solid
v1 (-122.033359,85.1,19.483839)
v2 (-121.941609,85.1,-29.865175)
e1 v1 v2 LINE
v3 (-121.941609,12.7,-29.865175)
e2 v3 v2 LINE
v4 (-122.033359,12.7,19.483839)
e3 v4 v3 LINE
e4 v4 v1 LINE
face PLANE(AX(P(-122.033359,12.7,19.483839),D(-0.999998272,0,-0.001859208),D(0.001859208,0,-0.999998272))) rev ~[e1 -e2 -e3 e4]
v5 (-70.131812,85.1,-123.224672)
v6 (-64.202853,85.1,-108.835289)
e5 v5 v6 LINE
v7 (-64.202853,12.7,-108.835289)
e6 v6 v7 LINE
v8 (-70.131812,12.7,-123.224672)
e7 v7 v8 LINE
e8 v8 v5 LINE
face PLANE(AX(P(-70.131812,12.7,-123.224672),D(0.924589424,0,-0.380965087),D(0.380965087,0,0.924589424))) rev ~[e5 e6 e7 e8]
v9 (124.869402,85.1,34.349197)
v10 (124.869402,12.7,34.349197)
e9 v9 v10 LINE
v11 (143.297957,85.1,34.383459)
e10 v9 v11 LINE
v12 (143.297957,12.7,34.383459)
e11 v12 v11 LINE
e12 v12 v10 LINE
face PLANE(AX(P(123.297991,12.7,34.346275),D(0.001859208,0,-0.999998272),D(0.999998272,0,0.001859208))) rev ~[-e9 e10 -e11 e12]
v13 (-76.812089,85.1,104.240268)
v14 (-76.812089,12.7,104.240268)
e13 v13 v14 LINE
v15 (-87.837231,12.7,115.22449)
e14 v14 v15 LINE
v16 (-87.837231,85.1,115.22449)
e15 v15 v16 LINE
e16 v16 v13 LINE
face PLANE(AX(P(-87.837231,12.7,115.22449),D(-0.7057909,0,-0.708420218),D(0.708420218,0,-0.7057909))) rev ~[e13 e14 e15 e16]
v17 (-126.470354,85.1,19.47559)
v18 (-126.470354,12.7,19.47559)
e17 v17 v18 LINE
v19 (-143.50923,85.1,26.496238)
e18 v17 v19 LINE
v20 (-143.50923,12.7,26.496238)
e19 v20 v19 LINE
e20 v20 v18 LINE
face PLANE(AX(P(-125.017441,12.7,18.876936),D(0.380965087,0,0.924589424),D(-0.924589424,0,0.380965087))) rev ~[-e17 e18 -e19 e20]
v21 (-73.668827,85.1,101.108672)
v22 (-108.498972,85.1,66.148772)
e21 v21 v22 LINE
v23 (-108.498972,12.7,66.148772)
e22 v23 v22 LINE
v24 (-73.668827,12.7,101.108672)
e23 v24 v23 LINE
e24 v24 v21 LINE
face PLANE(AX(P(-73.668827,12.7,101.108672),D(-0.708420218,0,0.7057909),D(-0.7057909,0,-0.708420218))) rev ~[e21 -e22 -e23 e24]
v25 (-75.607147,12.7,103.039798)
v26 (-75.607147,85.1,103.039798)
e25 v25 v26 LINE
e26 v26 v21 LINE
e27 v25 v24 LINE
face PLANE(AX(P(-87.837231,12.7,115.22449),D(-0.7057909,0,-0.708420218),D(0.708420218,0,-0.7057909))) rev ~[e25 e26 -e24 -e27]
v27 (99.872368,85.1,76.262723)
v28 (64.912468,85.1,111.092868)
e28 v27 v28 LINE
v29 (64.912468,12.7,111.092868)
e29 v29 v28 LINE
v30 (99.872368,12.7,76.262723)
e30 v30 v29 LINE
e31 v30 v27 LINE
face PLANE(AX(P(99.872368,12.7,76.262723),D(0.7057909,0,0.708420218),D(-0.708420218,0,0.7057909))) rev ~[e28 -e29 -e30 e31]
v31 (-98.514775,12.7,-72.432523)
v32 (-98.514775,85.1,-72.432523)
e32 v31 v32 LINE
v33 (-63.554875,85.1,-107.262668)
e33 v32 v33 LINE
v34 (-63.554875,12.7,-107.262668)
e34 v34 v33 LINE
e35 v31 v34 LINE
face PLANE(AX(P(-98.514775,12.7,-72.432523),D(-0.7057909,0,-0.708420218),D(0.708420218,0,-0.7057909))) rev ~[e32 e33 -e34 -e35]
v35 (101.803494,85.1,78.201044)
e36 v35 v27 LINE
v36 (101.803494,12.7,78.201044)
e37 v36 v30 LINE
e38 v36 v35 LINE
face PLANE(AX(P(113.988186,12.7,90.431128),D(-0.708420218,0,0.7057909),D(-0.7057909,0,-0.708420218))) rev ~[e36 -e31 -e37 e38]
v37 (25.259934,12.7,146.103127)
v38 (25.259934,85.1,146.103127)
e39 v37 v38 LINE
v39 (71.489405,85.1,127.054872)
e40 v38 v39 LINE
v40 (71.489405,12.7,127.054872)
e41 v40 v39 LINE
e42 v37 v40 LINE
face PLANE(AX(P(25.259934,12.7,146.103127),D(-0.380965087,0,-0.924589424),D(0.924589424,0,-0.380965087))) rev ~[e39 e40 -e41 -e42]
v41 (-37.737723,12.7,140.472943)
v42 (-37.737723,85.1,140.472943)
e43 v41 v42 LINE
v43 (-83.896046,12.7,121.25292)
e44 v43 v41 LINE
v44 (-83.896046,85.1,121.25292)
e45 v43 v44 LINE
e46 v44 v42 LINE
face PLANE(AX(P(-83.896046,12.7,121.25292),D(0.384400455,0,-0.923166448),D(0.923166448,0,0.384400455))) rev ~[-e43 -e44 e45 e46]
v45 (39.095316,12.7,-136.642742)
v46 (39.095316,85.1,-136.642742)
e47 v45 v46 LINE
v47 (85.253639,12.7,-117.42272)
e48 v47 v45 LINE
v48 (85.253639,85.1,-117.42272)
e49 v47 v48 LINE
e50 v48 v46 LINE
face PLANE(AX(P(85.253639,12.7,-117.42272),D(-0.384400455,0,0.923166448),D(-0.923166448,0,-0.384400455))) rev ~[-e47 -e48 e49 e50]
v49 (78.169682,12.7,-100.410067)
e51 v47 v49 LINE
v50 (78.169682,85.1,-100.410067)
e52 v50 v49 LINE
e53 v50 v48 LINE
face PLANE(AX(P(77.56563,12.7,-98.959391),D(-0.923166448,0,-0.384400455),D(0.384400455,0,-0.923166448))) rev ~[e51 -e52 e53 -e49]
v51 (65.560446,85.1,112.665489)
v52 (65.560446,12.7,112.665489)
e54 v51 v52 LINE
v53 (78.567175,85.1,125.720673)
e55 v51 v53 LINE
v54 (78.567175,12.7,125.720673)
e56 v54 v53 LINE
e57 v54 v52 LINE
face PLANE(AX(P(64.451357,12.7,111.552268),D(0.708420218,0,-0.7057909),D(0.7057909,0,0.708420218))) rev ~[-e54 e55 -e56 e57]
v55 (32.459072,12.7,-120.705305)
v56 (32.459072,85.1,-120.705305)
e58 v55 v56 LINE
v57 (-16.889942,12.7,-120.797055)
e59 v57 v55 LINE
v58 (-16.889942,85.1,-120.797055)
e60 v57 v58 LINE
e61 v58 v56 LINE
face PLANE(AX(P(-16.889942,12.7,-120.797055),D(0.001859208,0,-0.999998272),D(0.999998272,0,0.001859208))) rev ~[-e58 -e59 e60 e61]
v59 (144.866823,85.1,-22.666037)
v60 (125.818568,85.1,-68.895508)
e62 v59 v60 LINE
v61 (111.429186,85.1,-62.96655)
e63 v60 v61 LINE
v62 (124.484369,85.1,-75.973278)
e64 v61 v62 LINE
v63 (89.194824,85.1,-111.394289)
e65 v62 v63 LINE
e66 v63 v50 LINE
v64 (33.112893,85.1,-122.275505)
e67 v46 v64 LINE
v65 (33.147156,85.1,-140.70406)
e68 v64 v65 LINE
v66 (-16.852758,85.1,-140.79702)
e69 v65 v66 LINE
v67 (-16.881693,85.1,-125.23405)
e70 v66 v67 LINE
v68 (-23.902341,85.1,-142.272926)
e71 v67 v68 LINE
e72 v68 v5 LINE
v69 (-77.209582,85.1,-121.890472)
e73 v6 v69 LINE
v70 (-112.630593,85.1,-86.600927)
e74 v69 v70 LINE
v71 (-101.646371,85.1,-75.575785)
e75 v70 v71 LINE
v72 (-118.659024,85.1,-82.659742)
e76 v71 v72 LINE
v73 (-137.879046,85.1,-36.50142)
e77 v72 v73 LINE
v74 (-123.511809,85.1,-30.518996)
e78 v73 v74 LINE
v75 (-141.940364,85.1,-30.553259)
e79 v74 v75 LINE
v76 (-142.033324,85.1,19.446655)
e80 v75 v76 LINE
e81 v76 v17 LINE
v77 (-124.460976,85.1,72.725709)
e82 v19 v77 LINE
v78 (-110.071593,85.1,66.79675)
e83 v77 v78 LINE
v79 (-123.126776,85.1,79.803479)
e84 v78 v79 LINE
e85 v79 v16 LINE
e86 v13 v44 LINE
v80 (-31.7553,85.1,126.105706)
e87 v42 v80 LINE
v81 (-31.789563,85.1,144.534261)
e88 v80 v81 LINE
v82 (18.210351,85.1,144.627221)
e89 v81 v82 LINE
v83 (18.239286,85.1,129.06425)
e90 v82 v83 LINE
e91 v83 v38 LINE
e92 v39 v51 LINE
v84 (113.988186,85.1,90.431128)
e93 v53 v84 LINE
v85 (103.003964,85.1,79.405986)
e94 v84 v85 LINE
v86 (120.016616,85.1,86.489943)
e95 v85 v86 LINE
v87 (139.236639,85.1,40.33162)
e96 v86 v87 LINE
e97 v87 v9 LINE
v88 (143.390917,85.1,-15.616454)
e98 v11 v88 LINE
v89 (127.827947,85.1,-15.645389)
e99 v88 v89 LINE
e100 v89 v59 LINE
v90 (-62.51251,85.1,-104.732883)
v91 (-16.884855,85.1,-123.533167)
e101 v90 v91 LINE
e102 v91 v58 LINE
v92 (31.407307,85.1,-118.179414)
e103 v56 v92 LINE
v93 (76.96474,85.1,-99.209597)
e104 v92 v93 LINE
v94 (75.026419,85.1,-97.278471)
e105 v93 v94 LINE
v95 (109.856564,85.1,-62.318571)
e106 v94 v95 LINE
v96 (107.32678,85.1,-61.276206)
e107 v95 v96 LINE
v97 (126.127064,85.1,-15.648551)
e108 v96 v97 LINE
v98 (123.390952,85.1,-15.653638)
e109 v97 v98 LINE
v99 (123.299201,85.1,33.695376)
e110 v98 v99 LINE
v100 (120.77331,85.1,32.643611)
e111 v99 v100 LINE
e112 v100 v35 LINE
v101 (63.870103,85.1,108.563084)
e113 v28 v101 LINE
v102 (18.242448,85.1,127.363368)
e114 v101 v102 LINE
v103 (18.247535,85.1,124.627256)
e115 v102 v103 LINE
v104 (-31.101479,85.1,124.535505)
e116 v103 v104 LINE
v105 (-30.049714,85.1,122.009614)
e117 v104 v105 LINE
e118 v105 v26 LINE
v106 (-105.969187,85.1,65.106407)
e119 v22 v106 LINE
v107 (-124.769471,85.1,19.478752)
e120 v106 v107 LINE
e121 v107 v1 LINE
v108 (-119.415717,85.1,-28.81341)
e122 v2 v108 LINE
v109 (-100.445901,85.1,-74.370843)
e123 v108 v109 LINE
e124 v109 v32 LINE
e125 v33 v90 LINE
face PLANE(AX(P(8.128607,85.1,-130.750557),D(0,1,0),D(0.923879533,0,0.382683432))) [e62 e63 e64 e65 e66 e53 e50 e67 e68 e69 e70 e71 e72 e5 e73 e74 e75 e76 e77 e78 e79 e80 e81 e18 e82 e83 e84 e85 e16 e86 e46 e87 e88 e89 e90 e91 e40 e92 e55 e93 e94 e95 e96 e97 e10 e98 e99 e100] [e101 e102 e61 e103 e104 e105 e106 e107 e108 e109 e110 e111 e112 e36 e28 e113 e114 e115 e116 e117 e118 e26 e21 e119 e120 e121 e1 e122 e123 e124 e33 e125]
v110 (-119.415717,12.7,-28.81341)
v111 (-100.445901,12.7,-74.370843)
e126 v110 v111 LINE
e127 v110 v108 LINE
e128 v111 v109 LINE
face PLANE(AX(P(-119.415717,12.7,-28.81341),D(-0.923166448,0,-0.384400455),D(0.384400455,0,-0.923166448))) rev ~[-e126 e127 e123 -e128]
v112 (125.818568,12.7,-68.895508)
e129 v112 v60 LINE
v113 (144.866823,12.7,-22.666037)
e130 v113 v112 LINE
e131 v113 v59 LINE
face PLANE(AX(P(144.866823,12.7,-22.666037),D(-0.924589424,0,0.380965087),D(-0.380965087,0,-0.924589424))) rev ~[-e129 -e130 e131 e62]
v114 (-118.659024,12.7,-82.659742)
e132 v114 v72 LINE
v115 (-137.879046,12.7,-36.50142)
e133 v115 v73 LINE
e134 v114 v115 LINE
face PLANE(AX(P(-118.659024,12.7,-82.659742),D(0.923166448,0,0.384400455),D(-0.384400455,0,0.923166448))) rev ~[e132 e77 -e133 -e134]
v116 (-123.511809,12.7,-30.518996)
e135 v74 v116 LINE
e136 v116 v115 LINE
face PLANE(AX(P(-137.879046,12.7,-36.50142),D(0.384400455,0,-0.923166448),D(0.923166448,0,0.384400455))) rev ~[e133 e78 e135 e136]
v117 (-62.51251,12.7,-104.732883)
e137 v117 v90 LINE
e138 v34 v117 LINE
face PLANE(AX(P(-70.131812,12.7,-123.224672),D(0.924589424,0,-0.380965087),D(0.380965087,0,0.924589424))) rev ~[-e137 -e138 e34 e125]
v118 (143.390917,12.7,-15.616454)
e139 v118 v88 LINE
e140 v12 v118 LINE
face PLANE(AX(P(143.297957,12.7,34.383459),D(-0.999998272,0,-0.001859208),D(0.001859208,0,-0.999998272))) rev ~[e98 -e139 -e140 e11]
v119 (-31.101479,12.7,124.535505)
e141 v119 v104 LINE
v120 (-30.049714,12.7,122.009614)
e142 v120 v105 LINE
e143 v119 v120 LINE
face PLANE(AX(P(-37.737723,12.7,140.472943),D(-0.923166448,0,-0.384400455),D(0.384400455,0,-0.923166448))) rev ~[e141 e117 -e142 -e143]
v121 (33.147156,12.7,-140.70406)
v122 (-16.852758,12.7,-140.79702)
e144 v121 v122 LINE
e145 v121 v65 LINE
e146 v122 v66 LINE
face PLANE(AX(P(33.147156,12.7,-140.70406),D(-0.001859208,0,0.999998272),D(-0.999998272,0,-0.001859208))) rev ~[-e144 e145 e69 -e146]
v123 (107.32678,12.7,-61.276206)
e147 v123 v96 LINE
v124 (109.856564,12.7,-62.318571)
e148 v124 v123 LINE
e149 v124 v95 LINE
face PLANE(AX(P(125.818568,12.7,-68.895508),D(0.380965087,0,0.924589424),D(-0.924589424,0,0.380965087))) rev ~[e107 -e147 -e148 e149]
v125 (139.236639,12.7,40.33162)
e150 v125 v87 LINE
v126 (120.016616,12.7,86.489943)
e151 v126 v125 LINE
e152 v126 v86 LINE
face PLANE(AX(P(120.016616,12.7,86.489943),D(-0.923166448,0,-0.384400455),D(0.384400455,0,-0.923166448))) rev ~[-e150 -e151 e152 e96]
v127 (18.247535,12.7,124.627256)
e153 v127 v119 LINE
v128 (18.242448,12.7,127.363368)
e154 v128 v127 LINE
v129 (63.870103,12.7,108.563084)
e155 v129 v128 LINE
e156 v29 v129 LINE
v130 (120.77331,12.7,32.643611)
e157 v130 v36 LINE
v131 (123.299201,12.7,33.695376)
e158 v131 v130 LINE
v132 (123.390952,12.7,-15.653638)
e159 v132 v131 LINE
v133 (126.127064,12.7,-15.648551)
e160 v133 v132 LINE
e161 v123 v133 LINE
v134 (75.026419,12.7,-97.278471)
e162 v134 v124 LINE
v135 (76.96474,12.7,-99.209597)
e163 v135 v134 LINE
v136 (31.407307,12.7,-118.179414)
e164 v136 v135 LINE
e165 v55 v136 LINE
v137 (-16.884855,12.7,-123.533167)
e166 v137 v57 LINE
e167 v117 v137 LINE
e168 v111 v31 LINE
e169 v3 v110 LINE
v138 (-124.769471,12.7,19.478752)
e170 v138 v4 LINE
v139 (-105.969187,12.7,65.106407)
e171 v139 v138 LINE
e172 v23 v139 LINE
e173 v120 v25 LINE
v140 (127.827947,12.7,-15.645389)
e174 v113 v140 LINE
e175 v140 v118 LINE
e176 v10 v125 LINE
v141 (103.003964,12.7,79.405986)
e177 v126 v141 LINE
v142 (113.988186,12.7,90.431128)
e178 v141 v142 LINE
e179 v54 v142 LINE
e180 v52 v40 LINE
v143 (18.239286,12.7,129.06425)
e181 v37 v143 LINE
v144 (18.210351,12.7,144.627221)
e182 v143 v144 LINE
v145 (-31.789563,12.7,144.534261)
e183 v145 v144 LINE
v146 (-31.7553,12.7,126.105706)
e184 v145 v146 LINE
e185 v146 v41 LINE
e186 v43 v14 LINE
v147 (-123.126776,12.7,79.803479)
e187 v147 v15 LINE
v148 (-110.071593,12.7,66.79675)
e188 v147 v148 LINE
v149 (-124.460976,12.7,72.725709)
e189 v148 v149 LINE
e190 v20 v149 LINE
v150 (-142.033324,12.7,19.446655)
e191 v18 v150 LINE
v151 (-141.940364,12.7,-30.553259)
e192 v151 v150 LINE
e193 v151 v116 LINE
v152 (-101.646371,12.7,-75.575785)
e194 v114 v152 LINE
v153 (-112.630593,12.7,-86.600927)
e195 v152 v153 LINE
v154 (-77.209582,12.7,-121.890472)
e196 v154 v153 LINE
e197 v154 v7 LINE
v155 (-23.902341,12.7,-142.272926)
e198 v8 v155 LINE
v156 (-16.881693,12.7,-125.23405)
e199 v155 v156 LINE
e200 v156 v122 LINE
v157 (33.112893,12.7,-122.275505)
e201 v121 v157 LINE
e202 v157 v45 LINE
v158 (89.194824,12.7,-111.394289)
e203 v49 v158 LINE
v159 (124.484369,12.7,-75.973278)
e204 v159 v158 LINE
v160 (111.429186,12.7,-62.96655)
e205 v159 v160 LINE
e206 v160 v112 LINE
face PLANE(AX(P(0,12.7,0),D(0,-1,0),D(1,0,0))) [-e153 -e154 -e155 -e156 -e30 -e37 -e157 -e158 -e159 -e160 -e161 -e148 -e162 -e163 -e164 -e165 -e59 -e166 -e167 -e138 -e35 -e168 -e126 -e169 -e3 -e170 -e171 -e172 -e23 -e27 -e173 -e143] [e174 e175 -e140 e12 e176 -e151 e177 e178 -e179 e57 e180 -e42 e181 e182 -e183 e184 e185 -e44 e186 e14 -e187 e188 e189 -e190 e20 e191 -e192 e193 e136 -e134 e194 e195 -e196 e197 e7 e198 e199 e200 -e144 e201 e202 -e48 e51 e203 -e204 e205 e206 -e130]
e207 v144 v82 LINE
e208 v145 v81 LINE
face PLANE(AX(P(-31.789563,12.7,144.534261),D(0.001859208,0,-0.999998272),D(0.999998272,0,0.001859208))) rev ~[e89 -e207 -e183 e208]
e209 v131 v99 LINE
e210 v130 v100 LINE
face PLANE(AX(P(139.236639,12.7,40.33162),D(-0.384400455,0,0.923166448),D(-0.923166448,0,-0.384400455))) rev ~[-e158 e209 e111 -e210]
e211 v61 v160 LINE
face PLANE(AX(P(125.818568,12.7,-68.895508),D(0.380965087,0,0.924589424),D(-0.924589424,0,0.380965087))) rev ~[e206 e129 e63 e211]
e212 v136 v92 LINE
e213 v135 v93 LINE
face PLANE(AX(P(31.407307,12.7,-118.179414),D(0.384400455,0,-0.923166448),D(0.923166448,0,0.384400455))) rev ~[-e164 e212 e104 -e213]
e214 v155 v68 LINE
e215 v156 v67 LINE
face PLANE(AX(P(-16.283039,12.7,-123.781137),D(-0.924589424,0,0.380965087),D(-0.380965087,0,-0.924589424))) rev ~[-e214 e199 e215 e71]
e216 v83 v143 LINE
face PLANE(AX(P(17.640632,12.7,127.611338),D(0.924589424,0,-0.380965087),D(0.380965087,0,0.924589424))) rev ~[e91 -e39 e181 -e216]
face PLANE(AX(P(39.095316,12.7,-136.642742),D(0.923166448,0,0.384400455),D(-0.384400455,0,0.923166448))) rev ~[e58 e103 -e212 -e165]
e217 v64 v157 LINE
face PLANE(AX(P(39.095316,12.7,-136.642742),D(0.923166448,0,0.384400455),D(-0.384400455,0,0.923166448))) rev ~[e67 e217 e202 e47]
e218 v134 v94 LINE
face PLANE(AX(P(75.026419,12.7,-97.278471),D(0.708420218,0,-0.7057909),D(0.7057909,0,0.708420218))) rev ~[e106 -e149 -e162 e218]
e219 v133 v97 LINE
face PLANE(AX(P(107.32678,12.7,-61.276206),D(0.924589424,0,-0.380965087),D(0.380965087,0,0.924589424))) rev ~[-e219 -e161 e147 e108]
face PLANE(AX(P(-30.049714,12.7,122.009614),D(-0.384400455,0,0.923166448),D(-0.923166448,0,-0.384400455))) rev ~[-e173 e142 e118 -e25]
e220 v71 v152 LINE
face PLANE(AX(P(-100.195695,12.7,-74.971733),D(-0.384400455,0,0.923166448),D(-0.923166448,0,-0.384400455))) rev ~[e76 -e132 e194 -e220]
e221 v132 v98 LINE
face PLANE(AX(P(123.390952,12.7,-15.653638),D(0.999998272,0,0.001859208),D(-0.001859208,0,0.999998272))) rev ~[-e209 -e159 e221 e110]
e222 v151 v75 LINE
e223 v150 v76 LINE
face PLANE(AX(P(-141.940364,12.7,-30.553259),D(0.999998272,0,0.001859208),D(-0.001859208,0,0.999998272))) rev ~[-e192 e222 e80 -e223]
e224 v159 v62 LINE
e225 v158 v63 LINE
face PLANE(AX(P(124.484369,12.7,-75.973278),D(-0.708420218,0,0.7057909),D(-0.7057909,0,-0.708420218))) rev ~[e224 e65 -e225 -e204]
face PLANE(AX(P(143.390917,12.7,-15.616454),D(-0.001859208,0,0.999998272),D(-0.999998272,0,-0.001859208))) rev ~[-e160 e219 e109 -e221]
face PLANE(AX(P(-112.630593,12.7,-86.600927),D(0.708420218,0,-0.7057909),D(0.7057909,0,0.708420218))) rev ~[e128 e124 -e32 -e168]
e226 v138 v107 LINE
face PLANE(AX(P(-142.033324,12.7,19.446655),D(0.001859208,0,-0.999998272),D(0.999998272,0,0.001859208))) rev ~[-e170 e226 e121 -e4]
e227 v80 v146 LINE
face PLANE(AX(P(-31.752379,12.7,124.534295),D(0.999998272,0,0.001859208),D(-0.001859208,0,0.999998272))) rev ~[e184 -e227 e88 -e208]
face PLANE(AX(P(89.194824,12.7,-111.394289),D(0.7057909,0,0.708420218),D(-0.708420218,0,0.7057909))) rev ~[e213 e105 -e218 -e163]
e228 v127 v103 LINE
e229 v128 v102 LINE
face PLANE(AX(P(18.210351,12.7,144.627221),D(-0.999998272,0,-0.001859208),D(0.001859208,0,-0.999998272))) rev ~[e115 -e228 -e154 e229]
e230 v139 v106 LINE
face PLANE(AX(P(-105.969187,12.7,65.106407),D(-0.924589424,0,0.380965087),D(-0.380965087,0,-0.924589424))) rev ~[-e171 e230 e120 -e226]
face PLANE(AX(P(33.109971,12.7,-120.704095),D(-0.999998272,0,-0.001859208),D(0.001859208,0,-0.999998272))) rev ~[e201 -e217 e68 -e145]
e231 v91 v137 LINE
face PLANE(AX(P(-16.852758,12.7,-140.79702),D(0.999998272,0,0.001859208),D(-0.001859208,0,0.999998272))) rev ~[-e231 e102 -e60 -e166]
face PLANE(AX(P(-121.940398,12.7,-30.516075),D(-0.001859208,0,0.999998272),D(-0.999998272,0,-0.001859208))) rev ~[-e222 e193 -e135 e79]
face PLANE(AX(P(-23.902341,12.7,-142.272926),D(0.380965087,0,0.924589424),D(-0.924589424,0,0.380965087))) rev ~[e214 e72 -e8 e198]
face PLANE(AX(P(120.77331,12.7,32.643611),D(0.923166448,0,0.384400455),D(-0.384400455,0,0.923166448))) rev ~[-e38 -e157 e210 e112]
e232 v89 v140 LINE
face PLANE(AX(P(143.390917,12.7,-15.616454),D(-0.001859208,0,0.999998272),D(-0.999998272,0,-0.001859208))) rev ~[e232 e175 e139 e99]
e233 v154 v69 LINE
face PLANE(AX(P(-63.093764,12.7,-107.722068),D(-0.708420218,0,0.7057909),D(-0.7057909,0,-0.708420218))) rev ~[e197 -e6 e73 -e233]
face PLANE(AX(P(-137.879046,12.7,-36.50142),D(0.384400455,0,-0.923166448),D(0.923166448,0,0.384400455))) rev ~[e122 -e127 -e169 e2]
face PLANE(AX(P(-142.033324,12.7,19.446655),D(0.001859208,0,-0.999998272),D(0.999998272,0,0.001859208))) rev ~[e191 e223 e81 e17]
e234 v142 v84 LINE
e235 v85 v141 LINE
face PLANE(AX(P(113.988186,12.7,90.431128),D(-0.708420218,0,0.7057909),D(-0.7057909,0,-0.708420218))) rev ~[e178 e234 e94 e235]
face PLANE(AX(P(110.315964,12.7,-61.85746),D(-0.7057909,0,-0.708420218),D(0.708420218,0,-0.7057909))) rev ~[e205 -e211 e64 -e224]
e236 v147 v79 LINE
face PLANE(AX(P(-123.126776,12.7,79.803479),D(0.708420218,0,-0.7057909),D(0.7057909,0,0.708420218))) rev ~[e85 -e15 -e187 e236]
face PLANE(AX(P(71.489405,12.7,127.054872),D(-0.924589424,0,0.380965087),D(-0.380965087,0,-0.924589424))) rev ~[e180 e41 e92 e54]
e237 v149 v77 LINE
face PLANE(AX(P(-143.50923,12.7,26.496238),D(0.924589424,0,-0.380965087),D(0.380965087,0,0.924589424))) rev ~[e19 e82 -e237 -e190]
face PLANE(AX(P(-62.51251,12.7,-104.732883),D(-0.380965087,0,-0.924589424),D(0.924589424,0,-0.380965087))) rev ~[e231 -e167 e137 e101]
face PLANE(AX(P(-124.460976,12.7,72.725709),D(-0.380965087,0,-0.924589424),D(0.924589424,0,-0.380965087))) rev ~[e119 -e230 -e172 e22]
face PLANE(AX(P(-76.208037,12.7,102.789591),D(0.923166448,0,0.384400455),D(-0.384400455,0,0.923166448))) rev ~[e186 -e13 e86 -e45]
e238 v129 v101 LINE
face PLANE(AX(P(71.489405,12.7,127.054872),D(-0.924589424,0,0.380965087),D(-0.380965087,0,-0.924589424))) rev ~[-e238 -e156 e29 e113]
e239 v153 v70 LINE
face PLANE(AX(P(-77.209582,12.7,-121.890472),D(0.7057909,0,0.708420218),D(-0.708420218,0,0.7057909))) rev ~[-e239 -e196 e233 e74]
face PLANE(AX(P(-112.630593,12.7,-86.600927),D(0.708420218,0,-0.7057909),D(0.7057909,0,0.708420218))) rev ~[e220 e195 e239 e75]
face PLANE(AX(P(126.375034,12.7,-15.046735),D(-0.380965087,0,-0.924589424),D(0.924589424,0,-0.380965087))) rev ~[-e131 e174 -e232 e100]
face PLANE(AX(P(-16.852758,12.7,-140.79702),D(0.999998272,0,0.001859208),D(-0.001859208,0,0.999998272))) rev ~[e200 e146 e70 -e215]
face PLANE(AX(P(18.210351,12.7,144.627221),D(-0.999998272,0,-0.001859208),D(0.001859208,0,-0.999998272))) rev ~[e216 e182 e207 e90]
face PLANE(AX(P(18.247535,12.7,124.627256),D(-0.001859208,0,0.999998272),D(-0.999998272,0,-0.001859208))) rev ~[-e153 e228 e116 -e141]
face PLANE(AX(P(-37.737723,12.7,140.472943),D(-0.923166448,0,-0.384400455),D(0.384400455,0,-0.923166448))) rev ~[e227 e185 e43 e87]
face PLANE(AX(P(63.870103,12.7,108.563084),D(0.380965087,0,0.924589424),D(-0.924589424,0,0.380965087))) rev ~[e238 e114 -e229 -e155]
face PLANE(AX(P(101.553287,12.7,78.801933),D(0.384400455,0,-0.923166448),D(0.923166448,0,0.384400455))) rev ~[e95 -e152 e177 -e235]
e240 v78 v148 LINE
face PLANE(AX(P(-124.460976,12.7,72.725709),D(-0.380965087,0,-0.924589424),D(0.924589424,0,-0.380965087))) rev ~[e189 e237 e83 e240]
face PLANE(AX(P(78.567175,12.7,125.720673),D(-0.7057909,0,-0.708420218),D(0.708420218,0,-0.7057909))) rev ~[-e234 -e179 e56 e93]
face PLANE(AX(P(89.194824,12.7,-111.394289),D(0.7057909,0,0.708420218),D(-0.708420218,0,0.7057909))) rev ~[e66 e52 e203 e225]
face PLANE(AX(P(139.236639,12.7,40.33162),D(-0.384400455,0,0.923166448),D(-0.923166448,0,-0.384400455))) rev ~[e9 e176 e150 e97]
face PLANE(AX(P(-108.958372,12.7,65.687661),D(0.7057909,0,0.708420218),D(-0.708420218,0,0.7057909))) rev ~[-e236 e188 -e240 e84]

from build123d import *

# Parameters (mm, degrees)
SKETCH1_R           = 140.65
BOSS_EXTRUDE1_DEPTH = 12.7
BOSS_EXTRUDE2_DEPTH = 72.4
CIRPATTERN1_COUNT   = 16
SKETCH4_R           = 140.65
CUT_EXTRUDE1_DEPTH  = 12.7


with BuildPart() as part:
    # Sketch1 → Boss-Extrude1 (new body)
    with BuildSketch(Plane(origin=(0, 0, 0), x_dir=(1, 0, 0), z_dir=(0, 1, 0))):
        with Locations(Location((0, 0, 0), (0, 0, 270))):
            Circle(SKETCH1_R)
    extrude(amount=BOSS_EXTRUDE1_DEPTH)

    # Sketch3 → Boss-Extrude2 (add)
    with BuildSketch(Plane(origin=(0, 12.7, 0), x_dir=(1, 0, 0), z_dir=(0, 1, 0))):
        Polygon((-62.512510333, 104.73288314), (-16.28303914, 123.781137474), (-23.902340873, 142.272925951), (-70.131812067, 123.224671617), align=None)
    boss_extrude2 = extrude(amount=BOSS_EXTRUDE2_DEPTH)

    # CirPattern1: Boss-Extrude2 ×16 about axis
    cirpattern1_axis = Axis((0.678796416, 0, 1.91510031), (0, 1, 0))
    for i in range(1, CIRPATTERN1_COUNT):
        add(boss_extrude2.rotate(cirpattern1_axis, i * 360 / CIRPATTERN1_COUNT))

    # Sketch4 → Cut-Extrude1 (cut)
    with BuildSketch(Plane.XZ):
        Circle(SKETCH4_R)
    extrude(amount=-CUT_EXTRUDE1_DEPTH, mode=Mode.SUBTRACT)


solid = part.part
